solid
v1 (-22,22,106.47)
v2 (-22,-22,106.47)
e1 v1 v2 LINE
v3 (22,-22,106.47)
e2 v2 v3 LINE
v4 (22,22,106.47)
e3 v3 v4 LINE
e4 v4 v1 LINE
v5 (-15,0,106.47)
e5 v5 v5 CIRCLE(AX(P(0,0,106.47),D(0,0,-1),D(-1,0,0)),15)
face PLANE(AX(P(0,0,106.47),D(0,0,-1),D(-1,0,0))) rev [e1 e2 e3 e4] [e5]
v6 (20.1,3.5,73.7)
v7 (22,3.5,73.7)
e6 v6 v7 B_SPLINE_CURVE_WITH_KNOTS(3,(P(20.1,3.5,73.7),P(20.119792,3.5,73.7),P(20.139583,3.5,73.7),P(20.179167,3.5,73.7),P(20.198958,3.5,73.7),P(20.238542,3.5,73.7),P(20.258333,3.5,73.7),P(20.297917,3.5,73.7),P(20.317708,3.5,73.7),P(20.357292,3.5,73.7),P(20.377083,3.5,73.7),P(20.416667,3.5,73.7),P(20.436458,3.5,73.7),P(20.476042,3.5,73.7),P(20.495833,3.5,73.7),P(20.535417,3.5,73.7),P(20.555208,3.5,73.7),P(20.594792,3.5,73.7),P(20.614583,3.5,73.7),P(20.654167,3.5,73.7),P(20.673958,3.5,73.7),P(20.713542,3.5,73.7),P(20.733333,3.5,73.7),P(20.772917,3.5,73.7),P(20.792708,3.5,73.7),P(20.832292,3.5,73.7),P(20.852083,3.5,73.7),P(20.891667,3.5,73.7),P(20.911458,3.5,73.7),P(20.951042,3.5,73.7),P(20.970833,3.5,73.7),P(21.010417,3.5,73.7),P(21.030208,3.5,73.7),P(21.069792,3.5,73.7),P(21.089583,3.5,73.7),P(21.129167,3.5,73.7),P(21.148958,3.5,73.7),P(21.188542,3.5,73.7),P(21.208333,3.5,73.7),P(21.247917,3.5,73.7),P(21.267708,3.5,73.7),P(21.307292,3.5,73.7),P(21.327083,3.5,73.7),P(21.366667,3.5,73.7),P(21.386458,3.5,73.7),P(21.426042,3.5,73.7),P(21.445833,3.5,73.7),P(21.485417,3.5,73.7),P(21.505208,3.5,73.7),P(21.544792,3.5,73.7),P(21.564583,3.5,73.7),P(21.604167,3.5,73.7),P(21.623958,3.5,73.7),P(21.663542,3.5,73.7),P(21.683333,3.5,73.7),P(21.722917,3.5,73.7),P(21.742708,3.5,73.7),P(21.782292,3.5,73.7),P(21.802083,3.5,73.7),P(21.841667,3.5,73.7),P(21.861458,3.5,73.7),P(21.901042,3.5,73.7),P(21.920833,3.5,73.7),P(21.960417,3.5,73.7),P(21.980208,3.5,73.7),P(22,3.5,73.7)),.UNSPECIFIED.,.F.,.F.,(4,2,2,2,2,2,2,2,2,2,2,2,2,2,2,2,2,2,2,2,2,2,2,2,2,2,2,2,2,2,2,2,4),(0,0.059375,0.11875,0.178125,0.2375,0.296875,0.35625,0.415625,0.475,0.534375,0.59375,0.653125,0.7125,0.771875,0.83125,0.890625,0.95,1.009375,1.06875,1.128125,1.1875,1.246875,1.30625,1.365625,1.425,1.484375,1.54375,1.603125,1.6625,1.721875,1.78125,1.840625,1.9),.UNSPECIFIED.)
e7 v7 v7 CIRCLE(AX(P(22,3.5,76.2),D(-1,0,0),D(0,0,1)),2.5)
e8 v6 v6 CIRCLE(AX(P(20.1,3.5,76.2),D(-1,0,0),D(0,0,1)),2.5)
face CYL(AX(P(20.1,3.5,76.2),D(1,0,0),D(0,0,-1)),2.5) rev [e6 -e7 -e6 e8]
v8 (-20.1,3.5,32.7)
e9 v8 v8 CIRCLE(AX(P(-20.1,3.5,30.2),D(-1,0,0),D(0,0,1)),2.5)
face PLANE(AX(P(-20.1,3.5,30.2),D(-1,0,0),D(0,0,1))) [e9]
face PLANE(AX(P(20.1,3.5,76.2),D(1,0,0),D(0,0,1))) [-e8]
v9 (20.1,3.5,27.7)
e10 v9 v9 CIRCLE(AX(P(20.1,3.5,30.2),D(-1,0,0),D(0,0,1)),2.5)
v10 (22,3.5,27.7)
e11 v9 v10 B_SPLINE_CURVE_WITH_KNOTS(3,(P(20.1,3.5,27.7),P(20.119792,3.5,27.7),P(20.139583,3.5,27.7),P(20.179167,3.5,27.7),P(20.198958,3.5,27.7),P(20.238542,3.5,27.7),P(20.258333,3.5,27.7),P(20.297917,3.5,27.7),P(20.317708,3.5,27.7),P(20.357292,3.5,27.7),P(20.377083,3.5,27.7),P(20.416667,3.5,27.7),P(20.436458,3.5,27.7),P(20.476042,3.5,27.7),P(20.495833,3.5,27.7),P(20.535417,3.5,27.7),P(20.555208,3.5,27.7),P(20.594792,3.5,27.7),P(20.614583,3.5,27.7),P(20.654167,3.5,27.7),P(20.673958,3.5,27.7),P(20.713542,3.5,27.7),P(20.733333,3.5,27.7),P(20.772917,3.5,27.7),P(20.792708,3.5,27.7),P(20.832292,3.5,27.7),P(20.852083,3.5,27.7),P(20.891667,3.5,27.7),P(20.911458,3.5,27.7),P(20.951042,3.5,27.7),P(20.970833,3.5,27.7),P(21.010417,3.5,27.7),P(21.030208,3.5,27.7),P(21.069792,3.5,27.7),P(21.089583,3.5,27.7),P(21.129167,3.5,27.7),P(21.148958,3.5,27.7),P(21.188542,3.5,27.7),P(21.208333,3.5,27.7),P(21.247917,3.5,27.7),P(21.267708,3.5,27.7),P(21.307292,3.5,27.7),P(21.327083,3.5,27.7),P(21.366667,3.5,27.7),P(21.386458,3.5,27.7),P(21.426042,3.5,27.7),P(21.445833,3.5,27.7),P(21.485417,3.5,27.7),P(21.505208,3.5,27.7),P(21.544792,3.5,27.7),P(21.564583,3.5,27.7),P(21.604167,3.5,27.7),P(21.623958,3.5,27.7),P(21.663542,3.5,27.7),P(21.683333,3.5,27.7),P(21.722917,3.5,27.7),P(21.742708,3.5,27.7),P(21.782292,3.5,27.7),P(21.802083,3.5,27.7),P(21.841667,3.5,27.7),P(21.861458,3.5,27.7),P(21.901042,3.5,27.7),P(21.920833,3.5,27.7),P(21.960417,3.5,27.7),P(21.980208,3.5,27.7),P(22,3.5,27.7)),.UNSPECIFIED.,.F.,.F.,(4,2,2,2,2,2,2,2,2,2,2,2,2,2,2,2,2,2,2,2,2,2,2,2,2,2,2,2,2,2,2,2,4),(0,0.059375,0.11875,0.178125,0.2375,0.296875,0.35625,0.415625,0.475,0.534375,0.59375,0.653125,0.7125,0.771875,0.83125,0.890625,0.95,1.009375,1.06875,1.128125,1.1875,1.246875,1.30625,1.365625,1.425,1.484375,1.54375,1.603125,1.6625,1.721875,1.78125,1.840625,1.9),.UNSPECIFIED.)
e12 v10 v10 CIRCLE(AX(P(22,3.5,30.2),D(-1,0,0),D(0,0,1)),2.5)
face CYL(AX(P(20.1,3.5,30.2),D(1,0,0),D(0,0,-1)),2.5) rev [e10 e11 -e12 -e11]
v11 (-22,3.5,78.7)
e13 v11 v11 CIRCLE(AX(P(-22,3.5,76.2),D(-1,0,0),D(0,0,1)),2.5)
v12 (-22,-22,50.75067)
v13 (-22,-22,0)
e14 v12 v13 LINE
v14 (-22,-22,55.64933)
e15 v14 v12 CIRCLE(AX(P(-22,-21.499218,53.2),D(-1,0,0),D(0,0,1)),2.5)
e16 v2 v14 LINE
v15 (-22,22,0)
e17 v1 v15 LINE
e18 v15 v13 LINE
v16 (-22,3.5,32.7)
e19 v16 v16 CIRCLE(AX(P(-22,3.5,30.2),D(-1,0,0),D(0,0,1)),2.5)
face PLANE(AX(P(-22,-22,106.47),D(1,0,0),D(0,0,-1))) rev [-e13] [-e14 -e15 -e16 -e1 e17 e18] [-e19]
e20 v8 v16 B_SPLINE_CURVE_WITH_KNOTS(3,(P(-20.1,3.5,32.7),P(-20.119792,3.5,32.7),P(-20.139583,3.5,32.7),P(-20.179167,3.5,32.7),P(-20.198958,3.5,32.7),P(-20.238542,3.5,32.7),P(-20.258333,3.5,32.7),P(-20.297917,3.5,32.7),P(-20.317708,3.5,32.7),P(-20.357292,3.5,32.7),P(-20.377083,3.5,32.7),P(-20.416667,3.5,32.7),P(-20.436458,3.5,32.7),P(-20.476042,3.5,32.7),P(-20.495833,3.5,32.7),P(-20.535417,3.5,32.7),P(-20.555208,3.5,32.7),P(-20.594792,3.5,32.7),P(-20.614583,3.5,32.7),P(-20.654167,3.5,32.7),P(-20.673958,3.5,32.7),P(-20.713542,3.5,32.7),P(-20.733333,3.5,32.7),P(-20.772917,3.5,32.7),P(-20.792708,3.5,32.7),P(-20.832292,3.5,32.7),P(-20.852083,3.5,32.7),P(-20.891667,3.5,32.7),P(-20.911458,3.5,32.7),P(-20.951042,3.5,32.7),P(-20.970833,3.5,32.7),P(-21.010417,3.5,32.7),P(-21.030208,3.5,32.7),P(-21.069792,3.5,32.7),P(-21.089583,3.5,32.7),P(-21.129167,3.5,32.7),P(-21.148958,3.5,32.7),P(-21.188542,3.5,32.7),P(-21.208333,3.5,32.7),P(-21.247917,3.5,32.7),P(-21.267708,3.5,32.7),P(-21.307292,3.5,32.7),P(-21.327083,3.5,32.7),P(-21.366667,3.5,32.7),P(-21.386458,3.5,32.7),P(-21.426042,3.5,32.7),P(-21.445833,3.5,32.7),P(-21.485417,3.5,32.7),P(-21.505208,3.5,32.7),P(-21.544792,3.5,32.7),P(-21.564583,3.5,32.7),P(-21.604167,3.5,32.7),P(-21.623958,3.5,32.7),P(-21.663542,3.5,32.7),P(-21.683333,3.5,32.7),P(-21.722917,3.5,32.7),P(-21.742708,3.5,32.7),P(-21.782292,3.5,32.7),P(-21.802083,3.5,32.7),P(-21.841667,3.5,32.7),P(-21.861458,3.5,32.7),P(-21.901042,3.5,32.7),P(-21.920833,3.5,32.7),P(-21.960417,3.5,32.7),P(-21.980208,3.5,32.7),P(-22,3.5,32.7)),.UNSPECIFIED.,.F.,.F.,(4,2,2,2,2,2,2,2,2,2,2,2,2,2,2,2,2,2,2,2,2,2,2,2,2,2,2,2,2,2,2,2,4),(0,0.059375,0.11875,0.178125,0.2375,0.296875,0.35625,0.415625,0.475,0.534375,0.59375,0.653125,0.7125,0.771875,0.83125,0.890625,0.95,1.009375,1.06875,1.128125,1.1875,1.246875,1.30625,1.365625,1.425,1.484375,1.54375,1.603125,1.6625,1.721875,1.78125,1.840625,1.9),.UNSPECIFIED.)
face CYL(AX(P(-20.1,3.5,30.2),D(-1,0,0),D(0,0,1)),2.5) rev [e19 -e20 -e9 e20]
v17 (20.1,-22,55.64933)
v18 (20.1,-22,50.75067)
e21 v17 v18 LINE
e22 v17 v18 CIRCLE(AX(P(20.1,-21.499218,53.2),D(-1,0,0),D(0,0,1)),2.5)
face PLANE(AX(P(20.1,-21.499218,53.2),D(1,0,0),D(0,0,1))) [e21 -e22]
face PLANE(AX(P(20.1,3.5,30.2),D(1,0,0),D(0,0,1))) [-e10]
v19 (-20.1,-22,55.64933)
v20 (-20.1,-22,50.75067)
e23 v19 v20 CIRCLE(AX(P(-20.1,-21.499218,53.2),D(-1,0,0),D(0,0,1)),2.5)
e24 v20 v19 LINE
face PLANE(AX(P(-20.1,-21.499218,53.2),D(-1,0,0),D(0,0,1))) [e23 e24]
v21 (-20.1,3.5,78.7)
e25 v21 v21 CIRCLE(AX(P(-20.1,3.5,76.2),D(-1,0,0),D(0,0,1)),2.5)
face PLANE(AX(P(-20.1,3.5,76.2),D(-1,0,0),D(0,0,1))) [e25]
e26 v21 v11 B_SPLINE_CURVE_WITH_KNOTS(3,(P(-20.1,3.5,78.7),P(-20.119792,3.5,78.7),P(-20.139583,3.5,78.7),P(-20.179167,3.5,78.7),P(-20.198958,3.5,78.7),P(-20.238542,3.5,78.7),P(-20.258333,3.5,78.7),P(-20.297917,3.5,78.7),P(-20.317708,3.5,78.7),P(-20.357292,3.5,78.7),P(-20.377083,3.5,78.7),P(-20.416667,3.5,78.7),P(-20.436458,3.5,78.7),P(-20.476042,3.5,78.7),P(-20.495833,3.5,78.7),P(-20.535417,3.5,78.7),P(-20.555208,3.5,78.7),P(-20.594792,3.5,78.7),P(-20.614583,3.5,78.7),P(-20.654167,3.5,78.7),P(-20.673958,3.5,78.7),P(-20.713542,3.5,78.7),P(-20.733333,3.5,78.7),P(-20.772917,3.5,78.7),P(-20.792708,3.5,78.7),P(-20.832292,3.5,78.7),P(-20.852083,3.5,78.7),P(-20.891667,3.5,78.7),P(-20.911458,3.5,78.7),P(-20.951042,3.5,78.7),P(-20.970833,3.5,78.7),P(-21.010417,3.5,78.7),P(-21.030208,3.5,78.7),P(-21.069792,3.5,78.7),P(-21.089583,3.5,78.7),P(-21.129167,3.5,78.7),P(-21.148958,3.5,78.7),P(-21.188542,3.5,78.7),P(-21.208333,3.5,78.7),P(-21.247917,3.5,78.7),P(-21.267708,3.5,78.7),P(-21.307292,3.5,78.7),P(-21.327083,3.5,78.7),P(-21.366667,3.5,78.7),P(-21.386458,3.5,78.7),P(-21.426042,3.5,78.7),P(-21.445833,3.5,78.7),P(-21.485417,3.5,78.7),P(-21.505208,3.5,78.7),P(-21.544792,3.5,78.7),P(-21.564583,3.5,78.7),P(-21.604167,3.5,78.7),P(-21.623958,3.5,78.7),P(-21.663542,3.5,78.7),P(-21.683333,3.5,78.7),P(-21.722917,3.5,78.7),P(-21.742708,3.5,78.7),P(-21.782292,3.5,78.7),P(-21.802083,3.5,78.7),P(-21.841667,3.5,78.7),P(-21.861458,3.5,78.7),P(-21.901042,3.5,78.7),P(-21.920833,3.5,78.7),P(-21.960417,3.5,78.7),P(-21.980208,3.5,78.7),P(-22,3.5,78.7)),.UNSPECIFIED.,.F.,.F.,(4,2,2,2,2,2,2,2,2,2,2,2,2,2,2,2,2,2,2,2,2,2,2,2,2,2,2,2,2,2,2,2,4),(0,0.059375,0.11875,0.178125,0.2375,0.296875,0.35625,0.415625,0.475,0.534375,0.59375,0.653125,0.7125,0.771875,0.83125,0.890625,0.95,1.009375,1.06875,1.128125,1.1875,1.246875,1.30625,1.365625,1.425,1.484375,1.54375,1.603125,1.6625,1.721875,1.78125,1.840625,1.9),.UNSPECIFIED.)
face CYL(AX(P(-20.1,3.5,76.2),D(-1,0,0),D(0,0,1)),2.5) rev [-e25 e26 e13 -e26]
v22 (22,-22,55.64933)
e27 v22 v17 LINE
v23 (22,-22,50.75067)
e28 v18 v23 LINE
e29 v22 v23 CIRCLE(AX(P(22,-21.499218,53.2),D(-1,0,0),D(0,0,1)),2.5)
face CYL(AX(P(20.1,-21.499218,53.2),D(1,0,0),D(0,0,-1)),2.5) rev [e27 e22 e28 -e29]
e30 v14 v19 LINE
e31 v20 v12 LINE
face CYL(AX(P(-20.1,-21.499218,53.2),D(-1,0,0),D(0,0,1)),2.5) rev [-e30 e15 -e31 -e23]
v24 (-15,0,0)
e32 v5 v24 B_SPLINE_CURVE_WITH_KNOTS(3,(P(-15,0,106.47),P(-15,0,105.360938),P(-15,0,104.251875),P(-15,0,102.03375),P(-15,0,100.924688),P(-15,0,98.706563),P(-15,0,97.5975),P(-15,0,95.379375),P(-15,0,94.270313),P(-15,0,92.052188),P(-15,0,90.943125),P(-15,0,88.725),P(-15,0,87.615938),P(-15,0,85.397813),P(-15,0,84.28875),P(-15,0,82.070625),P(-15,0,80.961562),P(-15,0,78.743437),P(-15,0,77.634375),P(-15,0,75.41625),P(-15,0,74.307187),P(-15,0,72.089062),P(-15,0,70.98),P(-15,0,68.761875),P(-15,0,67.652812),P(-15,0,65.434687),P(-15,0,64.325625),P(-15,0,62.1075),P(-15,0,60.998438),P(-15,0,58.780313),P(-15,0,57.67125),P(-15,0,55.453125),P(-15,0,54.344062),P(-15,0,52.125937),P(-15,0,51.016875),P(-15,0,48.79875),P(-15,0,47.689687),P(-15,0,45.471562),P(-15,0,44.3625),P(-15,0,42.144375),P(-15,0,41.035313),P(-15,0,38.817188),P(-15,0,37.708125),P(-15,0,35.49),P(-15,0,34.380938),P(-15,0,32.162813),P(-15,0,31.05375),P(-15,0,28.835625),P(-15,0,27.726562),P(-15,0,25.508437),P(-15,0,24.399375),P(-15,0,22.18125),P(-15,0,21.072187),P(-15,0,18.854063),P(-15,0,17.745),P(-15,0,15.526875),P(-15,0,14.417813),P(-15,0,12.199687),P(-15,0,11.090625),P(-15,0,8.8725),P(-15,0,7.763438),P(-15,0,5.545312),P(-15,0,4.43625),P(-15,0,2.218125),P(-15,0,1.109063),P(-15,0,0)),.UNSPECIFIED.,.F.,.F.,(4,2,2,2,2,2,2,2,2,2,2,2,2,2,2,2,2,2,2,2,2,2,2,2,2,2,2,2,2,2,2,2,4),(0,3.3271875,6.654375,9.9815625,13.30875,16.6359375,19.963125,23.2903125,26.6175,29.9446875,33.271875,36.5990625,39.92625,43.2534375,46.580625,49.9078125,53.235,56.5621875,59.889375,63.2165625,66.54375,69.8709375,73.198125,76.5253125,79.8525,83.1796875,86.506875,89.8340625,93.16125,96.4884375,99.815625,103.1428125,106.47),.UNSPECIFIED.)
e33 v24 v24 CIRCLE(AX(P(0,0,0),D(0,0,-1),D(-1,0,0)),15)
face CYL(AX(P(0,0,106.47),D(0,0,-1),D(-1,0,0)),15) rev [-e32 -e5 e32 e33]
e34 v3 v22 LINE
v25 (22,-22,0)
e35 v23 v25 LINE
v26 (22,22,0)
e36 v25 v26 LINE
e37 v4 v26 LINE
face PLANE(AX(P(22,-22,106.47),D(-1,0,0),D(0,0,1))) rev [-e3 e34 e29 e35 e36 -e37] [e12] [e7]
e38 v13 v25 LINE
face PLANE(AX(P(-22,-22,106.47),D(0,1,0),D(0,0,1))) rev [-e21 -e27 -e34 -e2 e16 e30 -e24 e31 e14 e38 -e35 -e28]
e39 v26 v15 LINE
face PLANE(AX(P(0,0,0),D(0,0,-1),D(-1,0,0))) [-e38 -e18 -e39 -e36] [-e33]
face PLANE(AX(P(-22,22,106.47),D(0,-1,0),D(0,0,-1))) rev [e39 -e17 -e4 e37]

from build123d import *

# Parameters (mm, degrees)
SKETCH1_W           = 44
SKETCH1_H           = 44
BOSS_EXTRUDE1_DEPTH = 106.47
SKETCH5_R           = 15
CUT_EXTRUDE2_DEPTH  = 106.47
SKETCH10_R          = 2.5
CUT_EXTRUDE9_DEPTH  = 1.9


with BuildPart() as part:
    # Sketch1 → Boss-Extrude1 (new body)
    with BuildSketch(Plane.XY):
        Rectangle(SKETCH1_W, SKETCH1_H)
    extrude(amount=BOSS_EXTRUDE1_DEPTH)

    # Sketch5 → Cut-Extrude2 (cut)
    with BuildSketch(Plane(origin=(0, 0, 0), x_dir=(-1, 0, 0), z_dir=(0, 0, -1))):
        Circle(SKETCH5_R)
    extrude(amount=-CUT_EXTRUDE2_DEPTH, mode=Mode.SUBTRACT)

    # Sketch10 → Cut-Extrude9 (cut)
    with BuildSketch(Plane.ZY.offset(22)):
        with Locations((30.2, 3.5)):
            Circle(SKETCH10_R)
        with Locations((76.2, 3.5)):
            Circle(SKETCH10_R)
        with Locations((53.2, -21.499217988)):
            Circle(SKETCH10_R)
    cut_extrude9 = extrude(amount=-CUT_EXTRUDE9_DEPTH, mode=Mode.SUBTRACT)

    # Mirror1: Cut-Extrude9 across plane
    add(cut_extrude9.mirror(Plane(origin=(0, 0, 0), x_dir=(0, 0, 1), z_dir=(1, 0, 0))), mode=Mode.SUBTRACT)


solid = part.part
